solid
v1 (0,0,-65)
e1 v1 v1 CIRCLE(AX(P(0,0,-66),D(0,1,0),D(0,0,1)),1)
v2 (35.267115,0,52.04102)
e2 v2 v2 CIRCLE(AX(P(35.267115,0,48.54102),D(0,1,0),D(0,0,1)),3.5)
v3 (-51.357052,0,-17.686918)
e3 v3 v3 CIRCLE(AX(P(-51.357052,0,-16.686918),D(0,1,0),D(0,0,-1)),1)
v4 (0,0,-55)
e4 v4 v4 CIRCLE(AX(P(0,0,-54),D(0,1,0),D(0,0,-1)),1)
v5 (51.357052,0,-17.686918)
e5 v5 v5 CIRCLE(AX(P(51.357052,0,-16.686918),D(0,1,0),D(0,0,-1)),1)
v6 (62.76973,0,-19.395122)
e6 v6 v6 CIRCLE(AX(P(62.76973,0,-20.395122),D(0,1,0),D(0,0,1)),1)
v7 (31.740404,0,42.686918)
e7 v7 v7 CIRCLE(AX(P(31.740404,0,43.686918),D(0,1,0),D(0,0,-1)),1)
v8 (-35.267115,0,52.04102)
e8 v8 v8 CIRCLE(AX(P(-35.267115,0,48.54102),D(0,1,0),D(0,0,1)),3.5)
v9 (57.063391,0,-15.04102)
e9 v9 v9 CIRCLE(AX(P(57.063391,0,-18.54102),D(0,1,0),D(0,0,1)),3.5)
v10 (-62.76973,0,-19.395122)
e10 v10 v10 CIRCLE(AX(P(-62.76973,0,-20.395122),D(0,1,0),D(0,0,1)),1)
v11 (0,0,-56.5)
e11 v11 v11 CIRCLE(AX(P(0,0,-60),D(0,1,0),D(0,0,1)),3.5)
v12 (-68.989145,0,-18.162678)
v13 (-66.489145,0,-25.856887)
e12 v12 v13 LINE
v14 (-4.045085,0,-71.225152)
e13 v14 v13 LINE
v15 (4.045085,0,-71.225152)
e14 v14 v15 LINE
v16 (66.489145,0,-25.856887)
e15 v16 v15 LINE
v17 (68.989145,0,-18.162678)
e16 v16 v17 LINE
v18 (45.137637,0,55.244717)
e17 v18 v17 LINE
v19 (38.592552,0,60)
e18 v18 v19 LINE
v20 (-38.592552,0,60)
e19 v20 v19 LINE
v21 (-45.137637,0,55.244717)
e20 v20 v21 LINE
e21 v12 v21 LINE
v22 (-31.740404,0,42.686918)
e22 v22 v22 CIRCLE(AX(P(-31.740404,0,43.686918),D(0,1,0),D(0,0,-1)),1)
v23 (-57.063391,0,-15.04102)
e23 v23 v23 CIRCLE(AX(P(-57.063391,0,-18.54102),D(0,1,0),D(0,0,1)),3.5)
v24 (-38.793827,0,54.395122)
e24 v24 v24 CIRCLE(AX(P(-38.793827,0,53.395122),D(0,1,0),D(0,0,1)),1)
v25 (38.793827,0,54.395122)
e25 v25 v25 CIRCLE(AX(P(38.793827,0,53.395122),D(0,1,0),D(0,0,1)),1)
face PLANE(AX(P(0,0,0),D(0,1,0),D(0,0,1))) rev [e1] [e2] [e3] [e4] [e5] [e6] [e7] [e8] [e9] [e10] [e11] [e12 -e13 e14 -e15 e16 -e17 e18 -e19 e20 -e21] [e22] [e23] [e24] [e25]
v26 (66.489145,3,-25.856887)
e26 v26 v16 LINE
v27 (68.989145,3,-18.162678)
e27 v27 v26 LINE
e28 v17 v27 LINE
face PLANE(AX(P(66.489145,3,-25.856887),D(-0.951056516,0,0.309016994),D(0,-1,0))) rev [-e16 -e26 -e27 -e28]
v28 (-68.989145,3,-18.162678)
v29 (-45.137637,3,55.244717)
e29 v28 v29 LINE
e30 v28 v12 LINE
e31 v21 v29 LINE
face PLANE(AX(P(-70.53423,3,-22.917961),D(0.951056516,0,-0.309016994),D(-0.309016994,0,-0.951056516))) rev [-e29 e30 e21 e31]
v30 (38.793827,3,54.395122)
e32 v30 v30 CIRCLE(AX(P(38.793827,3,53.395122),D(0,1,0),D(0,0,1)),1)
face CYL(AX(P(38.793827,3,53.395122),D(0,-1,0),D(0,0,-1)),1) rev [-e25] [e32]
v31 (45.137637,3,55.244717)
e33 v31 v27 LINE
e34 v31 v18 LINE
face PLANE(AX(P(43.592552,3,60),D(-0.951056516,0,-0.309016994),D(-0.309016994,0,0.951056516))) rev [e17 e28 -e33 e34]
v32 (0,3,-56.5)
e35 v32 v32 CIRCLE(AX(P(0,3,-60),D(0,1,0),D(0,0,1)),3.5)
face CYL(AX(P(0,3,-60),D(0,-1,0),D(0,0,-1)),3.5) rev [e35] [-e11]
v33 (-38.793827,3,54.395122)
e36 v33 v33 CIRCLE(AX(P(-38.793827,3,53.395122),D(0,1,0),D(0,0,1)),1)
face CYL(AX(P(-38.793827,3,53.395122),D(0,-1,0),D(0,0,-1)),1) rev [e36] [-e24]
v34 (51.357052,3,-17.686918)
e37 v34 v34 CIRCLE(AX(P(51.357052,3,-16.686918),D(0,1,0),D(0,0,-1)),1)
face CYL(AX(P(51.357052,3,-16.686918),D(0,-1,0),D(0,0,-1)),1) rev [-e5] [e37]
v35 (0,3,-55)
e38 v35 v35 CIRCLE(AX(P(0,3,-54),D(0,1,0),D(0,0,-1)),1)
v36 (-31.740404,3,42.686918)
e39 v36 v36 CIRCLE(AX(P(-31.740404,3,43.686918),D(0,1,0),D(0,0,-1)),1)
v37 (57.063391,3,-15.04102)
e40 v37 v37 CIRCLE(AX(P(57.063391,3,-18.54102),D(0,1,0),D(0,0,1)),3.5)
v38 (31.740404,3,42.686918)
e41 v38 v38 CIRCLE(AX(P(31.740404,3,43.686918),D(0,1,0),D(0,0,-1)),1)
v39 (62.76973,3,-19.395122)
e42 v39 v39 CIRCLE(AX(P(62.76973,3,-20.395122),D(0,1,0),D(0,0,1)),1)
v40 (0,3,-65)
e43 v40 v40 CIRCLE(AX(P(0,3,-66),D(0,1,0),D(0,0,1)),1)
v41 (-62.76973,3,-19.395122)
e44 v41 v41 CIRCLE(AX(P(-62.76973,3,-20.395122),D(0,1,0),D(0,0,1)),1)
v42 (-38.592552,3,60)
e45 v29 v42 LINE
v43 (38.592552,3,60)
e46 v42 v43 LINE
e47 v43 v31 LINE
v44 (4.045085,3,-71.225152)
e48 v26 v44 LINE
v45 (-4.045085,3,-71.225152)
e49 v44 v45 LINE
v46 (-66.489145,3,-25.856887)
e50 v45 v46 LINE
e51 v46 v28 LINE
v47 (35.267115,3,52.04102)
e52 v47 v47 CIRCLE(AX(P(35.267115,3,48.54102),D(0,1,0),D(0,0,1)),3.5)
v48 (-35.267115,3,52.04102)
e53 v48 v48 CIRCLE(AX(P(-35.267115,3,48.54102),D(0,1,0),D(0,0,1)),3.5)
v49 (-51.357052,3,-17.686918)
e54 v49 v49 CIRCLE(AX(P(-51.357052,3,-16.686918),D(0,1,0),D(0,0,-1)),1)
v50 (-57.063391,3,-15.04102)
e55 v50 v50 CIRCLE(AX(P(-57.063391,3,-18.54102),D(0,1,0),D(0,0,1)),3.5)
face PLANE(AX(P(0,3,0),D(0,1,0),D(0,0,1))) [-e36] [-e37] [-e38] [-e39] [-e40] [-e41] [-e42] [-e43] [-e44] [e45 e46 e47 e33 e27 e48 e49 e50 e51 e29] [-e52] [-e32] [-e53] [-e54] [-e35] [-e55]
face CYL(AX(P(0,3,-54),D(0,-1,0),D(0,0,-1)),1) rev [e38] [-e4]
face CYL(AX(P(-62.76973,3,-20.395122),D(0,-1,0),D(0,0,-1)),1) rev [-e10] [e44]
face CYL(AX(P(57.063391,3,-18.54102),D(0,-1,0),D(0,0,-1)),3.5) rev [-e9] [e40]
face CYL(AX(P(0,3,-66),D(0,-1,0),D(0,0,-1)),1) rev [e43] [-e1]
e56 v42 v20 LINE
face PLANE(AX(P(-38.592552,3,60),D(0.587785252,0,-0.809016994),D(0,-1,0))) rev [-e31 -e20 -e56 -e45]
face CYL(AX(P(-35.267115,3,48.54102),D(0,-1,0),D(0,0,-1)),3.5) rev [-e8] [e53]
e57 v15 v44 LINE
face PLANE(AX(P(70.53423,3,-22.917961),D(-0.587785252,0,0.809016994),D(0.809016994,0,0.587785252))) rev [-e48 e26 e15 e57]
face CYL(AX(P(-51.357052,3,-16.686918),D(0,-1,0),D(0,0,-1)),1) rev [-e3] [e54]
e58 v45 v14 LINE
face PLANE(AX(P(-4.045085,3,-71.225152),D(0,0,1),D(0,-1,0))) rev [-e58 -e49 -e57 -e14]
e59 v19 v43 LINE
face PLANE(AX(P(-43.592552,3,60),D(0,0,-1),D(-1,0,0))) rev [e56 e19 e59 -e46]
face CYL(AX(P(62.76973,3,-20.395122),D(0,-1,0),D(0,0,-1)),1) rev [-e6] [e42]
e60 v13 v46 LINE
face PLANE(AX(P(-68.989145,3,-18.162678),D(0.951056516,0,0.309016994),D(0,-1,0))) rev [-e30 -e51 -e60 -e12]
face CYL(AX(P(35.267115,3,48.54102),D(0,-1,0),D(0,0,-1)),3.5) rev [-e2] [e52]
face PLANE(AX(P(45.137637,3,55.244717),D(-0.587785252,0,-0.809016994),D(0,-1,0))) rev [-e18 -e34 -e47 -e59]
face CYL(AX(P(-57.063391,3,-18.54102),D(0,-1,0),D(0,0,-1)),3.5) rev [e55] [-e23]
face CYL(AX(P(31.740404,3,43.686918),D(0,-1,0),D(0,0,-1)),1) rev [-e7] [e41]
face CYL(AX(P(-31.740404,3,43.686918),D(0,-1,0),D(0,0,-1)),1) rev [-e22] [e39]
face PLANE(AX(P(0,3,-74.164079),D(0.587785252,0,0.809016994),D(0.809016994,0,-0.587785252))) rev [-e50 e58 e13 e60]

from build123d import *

# Parameters (mm, degrees)
ESQUISSE2_R        = 3.5
ESQUISSE2_R_2      = 1
BOSS_EXTRU_1_DEPTH = 3
CHANFREIN1_SIZE    = 5


with BuildPart() as part:
    # Esquisse2 → Boss.-Extru.1 (new body)
    with BuildSketch(Plane(origin=(0, 0, 0), x_dir=(1, 0, 0), z_dir=(0, 1, 0))):
        Polygon((70.534230275, 22.917960675), (0, 74.16407865), (-70.534230275, 22.917960675), (-43.59255168, -60), (43.59255168, -60), align=None)
        with Locations((-57.063390978, 18.541019662)):
            Circle(ESQUISSE2_R, mode=Mode.SUBTRACT)
        with Locations((0, 60)):
            Circle(ESQUISSE2_R, mode=Mode.SUBTRACT)
        with Locations((57.063390978, 18.541019662)):
            Circle(ESQUISSE2_R, mode=Mode.SUBTRACT)
        with Locations((35.267115138, -48.541019662)):
            Circle(ESQUISSE2_R, mode=Mode.SUBTRACT)
        with Locations((-35.267115138, -48.541019662)):
            Circle(ESQUISSE2_R, mode=Mode.SUBTRACT)
        with Locations((-62.769730075, 20.395121629)):
            Circle(ESQUISSE2_R_2, mode=Mode.SUBTRACT)
        with Locations((-51.35705188, 16.686917696)):
            Circle(ESQUISSE2_R_2, mode=Mode.SUBTRACT)
        with Locations((0, 66)):
            Circle(ESQUISSE2_R_2, mode=Mode.SUBTRACT)
        with Locations((0, 54)):
            Circle(ESQUISSE2_R_2, mode=Mode.SUBTRACT)
        with Locations((62.769730075, 20.395121629)):
            Circle(ESQUISSE2_R_2, mode=Mode.SUBTRACT)
        with Locations((51.35705188, 16.686917696)):
            Circle(ESQUISSE2_R_2, mode=Mode.SUBTRACT)
        with Locations((38.793826651, -53.395121629)):
            Circle(ESQUISSE2_R_2, mode=Mode.SUBTRACT)
        with Locations((31.740403624, -43.686917696)):
            Circle(ESQUISSE2_R_2, mode=Mode.SUBTRACT)
        with Locations((-38.793826651, -53.395121629)):
            Circle(ESQUISSE2_R_2, mode=Mode.SUBTRACT)
        with Locations((-31.740403624, -43.686917696)):
            Circle(ESQUISSE2_R_2, mode=Mode.SUBTRACT)
    extrude(amount=BOSS_EXTRU_1_DEPTH)

    # Chanfrein1
    chanfrein1_edges = [part.edges().sort_by_distance(p)[0] for p in [
        (43.59255168, 1.5, 60),
        (-43.59255168, 1.5, 60),
        (-70.534230275, 1.5, -22.917960675),
        (0, 1.5, -74.16407865),
        (70.534230275, 1.5, -22.917960675),
    ]]
    chamfer(chanfrein1_edges, length=CHANFREIN1_SIZE)


solid = part.part
